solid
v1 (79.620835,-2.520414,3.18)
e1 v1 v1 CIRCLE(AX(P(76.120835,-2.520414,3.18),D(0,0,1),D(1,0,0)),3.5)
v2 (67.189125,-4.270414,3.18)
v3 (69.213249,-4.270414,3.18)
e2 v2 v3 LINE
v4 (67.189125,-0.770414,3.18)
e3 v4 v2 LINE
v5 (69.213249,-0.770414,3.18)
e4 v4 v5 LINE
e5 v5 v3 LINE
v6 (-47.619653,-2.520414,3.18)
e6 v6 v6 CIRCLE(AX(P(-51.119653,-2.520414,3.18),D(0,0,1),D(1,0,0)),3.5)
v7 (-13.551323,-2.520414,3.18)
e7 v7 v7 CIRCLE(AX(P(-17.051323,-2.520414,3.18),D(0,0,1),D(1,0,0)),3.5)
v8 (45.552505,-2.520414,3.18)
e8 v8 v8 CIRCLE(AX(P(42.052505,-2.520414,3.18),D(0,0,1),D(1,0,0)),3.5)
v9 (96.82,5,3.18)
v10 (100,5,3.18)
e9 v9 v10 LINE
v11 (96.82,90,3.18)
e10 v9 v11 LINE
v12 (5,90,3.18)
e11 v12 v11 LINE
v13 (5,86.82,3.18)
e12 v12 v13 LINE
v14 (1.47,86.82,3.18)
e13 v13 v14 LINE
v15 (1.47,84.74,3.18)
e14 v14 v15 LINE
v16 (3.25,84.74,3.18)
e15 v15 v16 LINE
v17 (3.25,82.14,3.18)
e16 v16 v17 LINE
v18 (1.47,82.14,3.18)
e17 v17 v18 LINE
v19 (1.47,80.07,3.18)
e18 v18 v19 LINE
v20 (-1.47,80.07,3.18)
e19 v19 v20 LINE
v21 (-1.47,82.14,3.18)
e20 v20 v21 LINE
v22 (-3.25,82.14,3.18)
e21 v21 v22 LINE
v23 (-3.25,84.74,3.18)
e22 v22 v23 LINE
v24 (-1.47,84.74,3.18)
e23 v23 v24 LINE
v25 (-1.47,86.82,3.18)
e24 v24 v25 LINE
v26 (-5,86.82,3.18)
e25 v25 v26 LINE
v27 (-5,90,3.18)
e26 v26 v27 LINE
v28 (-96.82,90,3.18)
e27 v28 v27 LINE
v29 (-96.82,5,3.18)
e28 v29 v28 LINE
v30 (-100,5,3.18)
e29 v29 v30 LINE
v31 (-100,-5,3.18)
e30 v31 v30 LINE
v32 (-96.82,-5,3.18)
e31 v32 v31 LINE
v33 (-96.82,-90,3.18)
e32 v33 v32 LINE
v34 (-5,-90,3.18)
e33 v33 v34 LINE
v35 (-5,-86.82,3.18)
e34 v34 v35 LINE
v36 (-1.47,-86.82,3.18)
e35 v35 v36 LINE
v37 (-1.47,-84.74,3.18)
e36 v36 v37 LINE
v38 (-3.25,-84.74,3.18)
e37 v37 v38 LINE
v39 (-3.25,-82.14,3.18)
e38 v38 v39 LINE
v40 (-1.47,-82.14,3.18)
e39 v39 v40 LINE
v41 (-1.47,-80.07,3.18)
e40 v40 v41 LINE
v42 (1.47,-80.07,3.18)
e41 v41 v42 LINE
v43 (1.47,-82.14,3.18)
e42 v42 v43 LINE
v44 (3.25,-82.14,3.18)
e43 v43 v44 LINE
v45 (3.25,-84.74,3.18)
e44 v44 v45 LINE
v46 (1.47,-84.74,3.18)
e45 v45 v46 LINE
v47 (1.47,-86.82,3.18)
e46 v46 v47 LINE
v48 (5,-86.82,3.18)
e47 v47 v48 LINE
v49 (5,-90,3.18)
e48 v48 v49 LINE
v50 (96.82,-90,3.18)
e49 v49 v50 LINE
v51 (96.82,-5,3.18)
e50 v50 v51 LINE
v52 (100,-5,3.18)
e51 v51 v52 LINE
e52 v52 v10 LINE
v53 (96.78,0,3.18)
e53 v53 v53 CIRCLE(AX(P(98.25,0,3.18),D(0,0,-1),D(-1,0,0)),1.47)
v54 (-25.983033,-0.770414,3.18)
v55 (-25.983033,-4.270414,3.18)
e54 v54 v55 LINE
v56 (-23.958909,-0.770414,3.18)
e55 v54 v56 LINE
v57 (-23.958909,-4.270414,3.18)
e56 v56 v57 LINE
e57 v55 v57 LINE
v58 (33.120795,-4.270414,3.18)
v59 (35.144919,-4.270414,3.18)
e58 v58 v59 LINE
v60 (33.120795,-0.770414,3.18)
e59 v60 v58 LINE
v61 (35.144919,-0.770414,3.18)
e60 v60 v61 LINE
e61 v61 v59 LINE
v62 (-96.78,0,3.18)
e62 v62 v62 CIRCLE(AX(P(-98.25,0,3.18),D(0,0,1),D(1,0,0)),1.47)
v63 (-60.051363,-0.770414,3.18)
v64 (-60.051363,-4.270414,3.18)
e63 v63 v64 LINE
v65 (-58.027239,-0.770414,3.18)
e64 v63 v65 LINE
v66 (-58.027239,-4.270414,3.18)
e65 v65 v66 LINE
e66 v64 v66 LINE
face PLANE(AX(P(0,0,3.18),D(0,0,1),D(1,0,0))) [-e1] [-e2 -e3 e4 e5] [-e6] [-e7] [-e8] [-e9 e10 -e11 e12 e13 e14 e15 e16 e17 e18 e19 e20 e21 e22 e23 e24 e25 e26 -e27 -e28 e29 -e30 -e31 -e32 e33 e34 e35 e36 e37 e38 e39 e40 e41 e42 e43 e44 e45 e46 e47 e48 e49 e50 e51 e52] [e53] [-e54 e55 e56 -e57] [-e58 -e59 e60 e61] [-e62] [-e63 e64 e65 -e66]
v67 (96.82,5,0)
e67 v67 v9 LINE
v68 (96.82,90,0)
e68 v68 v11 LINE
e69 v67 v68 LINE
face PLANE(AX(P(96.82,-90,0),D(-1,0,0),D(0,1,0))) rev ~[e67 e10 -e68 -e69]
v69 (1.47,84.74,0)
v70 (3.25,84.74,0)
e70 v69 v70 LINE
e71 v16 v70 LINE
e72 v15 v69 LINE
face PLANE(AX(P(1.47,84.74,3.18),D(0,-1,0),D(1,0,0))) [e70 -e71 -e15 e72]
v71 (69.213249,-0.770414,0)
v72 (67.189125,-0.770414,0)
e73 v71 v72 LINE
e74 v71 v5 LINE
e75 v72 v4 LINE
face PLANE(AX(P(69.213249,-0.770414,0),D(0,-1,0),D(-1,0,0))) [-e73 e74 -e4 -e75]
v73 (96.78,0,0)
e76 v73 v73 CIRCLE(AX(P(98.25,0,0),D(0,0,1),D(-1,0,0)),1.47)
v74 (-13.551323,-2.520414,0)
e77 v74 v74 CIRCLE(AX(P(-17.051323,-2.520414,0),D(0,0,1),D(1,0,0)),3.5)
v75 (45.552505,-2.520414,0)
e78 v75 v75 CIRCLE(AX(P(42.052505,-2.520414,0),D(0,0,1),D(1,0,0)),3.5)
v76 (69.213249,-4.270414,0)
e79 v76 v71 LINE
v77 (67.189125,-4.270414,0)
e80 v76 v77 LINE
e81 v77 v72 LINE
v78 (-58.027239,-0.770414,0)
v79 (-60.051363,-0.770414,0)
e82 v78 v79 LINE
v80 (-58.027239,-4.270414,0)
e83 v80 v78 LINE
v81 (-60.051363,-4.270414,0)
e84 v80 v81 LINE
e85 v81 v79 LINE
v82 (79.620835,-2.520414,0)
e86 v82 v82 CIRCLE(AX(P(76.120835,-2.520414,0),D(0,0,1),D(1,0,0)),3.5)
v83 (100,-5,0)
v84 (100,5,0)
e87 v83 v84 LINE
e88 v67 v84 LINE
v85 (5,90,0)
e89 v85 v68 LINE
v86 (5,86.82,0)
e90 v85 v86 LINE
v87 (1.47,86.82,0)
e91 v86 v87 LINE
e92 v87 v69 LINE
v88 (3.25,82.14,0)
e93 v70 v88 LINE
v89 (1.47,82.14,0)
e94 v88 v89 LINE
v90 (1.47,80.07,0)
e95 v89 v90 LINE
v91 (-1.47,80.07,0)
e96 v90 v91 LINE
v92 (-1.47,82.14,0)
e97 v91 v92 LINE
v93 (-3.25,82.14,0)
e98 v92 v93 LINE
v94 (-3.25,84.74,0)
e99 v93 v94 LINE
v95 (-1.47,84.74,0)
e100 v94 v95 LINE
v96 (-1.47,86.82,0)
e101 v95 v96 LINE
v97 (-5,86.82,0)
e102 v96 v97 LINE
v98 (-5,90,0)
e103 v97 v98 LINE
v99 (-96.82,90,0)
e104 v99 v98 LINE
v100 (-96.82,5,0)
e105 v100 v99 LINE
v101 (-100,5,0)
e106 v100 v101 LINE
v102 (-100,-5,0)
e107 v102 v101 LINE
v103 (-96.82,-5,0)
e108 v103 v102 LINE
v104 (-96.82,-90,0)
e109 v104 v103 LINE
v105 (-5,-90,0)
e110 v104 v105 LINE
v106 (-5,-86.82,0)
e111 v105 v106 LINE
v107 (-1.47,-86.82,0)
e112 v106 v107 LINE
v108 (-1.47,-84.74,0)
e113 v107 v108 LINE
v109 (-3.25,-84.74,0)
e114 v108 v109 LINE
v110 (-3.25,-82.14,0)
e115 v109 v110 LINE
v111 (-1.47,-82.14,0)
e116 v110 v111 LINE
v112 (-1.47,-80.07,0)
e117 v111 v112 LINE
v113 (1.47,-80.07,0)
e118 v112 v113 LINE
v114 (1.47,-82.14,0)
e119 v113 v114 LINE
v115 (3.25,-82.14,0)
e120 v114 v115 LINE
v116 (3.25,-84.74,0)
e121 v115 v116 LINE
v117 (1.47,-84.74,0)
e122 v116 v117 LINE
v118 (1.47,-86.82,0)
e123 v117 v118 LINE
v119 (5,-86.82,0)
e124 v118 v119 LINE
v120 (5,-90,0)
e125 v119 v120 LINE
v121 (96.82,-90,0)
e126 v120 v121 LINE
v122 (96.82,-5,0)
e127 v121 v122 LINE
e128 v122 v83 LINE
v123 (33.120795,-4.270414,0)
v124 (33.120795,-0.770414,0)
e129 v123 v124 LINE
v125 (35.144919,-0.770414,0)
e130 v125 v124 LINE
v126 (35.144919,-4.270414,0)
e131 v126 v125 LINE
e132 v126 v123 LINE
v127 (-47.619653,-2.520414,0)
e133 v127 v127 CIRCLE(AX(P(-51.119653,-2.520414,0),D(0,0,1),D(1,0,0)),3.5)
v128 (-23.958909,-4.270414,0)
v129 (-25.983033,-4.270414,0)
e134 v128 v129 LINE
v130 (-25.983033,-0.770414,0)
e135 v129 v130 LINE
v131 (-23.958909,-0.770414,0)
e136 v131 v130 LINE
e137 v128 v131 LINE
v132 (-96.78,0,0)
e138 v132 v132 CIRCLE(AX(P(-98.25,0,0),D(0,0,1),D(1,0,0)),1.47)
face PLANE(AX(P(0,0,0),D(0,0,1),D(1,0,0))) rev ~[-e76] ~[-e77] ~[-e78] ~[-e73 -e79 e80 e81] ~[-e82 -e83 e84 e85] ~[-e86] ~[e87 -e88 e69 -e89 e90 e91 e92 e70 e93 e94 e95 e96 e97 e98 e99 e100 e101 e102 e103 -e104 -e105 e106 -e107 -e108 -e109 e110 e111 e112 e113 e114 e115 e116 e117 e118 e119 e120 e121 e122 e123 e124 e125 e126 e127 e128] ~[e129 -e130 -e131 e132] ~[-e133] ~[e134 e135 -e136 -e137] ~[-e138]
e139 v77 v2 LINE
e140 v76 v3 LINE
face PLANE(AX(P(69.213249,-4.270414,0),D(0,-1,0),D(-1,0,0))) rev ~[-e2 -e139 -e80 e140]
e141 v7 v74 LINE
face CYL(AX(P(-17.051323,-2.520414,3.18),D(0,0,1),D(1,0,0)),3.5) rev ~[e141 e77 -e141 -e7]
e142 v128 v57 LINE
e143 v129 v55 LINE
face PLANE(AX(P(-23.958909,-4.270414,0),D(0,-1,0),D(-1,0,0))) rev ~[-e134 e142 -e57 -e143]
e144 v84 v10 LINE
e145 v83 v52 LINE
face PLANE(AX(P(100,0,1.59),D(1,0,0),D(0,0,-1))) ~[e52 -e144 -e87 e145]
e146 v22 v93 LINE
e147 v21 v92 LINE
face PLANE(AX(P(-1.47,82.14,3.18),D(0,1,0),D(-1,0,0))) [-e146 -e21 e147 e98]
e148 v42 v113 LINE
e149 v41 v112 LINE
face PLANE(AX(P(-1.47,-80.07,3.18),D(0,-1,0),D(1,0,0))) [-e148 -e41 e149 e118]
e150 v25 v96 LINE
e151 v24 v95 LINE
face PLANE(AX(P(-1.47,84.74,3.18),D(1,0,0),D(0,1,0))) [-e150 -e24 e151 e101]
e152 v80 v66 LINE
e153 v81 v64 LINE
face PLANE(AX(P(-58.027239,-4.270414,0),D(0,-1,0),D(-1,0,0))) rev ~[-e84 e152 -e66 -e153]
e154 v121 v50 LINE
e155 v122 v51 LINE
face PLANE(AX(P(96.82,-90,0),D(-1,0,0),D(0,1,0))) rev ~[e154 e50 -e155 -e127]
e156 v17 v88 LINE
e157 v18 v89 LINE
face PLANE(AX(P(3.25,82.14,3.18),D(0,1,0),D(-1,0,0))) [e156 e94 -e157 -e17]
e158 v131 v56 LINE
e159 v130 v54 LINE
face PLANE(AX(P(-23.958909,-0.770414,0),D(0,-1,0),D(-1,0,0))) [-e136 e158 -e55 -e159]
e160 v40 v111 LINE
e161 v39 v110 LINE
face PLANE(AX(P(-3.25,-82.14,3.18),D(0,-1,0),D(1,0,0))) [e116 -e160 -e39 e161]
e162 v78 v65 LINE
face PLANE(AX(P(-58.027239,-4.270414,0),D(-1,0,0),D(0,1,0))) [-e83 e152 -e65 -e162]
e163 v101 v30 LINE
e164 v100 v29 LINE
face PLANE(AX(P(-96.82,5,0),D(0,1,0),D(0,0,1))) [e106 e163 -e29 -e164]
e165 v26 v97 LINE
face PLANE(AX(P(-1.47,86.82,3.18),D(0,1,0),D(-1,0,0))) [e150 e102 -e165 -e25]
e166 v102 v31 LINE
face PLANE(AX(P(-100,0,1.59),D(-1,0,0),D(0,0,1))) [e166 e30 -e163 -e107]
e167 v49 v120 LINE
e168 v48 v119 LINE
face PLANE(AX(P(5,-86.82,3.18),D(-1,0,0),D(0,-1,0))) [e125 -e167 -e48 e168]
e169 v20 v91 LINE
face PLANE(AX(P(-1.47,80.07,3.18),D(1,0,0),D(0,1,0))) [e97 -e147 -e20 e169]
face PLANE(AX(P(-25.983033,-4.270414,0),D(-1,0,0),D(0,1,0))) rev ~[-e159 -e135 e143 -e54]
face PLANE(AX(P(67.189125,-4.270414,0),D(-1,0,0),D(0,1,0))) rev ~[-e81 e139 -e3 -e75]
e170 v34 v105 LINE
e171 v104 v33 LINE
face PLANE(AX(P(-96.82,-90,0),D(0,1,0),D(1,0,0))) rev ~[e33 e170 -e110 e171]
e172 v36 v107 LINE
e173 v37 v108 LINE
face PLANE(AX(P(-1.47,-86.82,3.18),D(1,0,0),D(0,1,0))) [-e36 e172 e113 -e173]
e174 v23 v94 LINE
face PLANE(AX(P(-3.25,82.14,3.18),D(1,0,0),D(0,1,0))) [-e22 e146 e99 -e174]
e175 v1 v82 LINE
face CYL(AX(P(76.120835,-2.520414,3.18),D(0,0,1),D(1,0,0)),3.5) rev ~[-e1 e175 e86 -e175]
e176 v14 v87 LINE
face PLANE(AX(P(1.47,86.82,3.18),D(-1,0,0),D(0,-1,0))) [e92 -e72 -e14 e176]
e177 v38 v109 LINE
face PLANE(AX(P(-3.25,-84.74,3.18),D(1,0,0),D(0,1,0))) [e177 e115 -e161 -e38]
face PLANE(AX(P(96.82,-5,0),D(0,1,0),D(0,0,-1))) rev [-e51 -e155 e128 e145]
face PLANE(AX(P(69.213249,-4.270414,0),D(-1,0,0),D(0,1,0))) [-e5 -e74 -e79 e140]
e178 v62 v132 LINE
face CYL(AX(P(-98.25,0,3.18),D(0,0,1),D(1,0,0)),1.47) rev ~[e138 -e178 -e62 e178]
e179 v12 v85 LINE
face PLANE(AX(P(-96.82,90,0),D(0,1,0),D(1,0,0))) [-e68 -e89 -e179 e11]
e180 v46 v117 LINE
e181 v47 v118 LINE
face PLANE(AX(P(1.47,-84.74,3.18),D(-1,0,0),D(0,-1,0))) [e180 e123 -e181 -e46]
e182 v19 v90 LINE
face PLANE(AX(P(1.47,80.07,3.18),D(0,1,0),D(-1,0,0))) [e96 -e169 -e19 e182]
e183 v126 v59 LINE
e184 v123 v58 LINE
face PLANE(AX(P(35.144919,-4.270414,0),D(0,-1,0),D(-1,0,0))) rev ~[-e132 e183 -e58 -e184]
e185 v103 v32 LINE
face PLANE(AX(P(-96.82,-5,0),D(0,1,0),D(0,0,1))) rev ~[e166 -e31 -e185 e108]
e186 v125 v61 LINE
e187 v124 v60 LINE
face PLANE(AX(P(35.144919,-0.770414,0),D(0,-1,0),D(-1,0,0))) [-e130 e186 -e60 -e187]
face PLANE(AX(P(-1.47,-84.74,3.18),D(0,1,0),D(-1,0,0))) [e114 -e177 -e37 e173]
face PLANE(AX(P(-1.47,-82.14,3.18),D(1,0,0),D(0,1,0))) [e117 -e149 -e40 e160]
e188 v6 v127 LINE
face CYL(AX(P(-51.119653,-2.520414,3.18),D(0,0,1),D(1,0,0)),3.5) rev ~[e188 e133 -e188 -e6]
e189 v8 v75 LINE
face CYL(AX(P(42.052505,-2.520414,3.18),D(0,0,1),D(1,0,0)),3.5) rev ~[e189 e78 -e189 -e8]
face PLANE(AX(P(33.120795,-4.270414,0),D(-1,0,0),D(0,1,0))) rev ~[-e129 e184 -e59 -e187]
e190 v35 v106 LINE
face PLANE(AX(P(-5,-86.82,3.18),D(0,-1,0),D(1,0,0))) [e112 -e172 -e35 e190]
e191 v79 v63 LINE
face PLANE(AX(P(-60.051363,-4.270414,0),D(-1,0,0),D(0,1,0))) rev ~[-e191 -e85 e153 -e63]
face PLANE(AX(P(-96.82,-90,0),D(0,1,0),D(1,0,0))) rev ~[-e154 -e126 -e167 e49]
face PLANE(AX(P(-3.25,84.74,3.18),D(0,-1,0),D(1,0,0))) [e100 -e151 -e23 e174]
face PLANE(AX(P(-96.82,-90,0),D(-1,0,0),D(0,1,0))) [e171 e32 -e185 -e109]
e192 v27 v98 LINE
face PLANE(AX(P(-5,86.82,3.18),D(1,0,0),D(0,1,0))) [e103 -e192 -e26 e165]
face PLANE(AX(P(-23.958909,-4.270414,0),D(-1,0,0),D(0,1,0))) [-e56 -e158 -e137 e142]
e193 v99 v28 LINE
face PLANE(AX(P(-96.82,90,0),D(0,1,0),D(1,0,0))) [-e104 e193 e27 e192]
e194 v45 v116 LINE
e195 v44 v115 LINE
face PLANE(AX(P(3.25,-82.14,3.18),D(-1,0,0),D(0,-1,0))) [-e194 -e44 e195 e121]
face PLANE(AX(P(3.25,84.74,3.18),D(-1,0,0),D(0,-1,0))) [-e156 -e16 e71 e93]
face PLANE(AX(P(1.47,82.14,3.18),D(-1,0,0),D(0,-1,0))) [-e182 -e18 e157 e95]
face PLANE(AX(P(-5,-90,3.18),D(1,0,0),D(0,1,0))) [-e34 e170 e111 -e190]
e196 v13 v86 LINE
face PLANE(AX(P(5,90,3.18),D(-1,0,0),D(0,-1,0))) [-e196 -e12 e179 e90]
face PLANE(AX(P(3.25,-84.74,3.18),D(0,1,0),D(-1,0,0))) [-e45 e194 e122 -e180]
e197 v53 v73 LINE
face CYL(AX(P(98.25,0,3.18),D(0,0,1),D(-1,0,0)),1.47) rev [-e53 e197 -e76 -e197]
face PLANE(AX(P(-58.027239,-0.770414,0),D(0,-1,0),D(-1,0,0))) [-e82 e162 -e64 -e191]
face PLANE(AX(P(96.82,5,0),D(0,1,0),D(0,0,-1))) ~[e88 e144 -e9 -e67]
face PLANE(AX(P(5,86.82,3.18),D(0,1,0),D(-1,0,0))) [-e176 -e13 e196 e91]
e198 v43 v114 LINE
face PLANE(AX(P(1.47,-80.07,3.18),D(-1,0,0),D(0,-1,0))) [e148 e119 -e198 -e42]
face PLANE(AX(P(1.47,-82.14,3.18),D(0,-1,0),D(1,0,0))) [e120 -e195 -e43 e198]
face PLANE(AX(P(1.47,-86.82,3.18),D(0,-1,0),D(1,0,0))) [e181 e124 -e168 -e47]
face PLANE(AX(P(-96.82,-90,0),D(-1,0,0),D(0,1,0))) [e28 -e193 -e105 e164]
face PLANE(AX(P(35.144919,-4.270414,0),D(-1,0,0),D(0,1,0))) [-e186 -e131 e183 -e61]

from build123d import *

# Parameters (mm, degrees)
SKETCH2_W           = 193.64
SKETCH2_H           = 180
BOSS_EXTRUDE1_DEPTH = 3.18
CUT_EXTRUDE1_DEPTH  = 133.227927459
SKETCH4_W           = 3.18
SKETCH4_H           = 10
BOSS_EXTRUDE2_DEPTH = 3.18
SKETCH6_R           = 1.47
CUT_EXTRUDE2_DEPTH  = 135.573817662
SKETCH7_R           = 3.5
CUT_EXTRUDE3_DEPTH  = 135.573817662
SKETCH9_W           = 2.024123771
SKETCH9_H           = 3.5
SKETCH9_W_2         = 2.024123772
CUT_EXTRUDE4_DEPTH  = 135.573817662


with BuildPart() as part:
    # Sketch2 → Boss-Extrude1 (new body)
    with BuildSketch(Plane.XY):
        Rectangle(SKETCH2_W, SKETCH2_H)
    extrude(amount=BOSS_EXTRUDE1_DEPTH)

    # Sketch3 → Cut-Extrude1 (cut, through all)
    with BuildSketch(Plane.XY.offset(3.18)):
        Polygon((-5, 90), (5, 90), (5, 86.82), (1.47, 86.82), (1.47, 84.74), (3.25, 84.74), (3.25, 82.14), (1.47, 82.14), (1.47, 80.07), (-1.47, 80.07), (-1.47, 82.14), (-3.25, 82.14), (-3.25, 84.74), (-1.47, 84.74), (-1.47, 86.82), (-5, 86.82), align=None)
        Polygon((1.47, -86.82), (5, -86.82), (5, -90), (-5, -90), (-5, -86.82), (-1.47, -86.82), (-1.47, -84.74), (-3.25, -84.74), (-3.25, -82.14), (-1.47, -82.14), (-1.47, -80.07), (1.47, -80.07), (1.47, -82.14), (3.25, -82.14), (3.25, -84.74), (1.47, -84.74), align=None)
    extrude(amount=-CUT_EXTRUDE1_DEPTH, mode=Mode.SUBTRACT)

    # Sketch4 → Boss-Extrude2 (add)
    with BuildSketch(Plane.ZY.offset(96.82)):
        with Locations((1.59, 0)):
            Rectangle(SKETCH4_W, SKETCH4_H)
    boss_extrude2 = extrude(amount=BOSS_EXTRUDE2_DEPTH)

    # Sketch6 → Cut-Extrude2 (cut, through all)
    with BuildSketch(Plane.XY.offset(3.18)):
        with Locations((-98.25, 0)):
            Circle(SKETCH6_R)
    cut_extrude2 = extrude(amount=-CUT_EXTRUDE2_DEPTH, mode=Mode.SUBTRACT)

    # Mirror1: Boss-Extrude2 across plane
    add(boss_extrude2.mirror(Plane(origin=(0, 0, 0), x_dir=(0, 0, 1), z_dir=(1, 0, 0))))

    # Mirror2: Cut-Extrude2 across plane
    add(cut_extrude2.mirror(Plane(origin=(0, 0, 0), x_dir=(0, 0, 1), z_dir=(1, 0, 0))), mode=Mode.SUBTRACT)

    # Sketch7 → Cut-Extrude3 (cut, through all)
    with BuildSketch(Plane.XY.offset(3.18)):
        with Locations((-51.119653384, -2.520413941)):
            Circle(SKETCH7_R)
        with Locations((-17.051323135, -2.520413941)):
            Circle(SKETCH7_R)
        with Locations((42.052504626, -2.520413941)):
            Circle(SKETCH7_R)
        with Locations((76.120834875, -2.520413941)):
            Circle(SKETCH7_R)
    extrude(amount=-CUT_EXTRUDE3_DEPTH, mode=Mode.SUBTRACT)

    # Sketch9 → Cut-Extrude4 (cut, through all)
    with BuildSketch(Plane(origin=(0, 0, 0), x_dir=(-1, 0, 0), z_dir=(0, 0, -1))):
        with Locations((59.039301131, -2.520413941)):
            Rectangle(SKETCH9_W, SKETCH9_H)
        with Locations((24.970970881, -2.520413941)):
            Rectangle(SKETCH9_W_2, SKETCH9_H)
        with Locations((-34.13285688, -2.520413941)):
            Rectangle(SKETCH9_W_2, SKETCH9_H)
        with Locations((-68.201187129, -2.520413941)):
            Rectangle(SKETCH9_W_2, SKETCH9_H)
    extrude(amount=-CUT_EXTRUDE4_DEPTH, mode=Mode.SUBTRACT)


solid = part.part
